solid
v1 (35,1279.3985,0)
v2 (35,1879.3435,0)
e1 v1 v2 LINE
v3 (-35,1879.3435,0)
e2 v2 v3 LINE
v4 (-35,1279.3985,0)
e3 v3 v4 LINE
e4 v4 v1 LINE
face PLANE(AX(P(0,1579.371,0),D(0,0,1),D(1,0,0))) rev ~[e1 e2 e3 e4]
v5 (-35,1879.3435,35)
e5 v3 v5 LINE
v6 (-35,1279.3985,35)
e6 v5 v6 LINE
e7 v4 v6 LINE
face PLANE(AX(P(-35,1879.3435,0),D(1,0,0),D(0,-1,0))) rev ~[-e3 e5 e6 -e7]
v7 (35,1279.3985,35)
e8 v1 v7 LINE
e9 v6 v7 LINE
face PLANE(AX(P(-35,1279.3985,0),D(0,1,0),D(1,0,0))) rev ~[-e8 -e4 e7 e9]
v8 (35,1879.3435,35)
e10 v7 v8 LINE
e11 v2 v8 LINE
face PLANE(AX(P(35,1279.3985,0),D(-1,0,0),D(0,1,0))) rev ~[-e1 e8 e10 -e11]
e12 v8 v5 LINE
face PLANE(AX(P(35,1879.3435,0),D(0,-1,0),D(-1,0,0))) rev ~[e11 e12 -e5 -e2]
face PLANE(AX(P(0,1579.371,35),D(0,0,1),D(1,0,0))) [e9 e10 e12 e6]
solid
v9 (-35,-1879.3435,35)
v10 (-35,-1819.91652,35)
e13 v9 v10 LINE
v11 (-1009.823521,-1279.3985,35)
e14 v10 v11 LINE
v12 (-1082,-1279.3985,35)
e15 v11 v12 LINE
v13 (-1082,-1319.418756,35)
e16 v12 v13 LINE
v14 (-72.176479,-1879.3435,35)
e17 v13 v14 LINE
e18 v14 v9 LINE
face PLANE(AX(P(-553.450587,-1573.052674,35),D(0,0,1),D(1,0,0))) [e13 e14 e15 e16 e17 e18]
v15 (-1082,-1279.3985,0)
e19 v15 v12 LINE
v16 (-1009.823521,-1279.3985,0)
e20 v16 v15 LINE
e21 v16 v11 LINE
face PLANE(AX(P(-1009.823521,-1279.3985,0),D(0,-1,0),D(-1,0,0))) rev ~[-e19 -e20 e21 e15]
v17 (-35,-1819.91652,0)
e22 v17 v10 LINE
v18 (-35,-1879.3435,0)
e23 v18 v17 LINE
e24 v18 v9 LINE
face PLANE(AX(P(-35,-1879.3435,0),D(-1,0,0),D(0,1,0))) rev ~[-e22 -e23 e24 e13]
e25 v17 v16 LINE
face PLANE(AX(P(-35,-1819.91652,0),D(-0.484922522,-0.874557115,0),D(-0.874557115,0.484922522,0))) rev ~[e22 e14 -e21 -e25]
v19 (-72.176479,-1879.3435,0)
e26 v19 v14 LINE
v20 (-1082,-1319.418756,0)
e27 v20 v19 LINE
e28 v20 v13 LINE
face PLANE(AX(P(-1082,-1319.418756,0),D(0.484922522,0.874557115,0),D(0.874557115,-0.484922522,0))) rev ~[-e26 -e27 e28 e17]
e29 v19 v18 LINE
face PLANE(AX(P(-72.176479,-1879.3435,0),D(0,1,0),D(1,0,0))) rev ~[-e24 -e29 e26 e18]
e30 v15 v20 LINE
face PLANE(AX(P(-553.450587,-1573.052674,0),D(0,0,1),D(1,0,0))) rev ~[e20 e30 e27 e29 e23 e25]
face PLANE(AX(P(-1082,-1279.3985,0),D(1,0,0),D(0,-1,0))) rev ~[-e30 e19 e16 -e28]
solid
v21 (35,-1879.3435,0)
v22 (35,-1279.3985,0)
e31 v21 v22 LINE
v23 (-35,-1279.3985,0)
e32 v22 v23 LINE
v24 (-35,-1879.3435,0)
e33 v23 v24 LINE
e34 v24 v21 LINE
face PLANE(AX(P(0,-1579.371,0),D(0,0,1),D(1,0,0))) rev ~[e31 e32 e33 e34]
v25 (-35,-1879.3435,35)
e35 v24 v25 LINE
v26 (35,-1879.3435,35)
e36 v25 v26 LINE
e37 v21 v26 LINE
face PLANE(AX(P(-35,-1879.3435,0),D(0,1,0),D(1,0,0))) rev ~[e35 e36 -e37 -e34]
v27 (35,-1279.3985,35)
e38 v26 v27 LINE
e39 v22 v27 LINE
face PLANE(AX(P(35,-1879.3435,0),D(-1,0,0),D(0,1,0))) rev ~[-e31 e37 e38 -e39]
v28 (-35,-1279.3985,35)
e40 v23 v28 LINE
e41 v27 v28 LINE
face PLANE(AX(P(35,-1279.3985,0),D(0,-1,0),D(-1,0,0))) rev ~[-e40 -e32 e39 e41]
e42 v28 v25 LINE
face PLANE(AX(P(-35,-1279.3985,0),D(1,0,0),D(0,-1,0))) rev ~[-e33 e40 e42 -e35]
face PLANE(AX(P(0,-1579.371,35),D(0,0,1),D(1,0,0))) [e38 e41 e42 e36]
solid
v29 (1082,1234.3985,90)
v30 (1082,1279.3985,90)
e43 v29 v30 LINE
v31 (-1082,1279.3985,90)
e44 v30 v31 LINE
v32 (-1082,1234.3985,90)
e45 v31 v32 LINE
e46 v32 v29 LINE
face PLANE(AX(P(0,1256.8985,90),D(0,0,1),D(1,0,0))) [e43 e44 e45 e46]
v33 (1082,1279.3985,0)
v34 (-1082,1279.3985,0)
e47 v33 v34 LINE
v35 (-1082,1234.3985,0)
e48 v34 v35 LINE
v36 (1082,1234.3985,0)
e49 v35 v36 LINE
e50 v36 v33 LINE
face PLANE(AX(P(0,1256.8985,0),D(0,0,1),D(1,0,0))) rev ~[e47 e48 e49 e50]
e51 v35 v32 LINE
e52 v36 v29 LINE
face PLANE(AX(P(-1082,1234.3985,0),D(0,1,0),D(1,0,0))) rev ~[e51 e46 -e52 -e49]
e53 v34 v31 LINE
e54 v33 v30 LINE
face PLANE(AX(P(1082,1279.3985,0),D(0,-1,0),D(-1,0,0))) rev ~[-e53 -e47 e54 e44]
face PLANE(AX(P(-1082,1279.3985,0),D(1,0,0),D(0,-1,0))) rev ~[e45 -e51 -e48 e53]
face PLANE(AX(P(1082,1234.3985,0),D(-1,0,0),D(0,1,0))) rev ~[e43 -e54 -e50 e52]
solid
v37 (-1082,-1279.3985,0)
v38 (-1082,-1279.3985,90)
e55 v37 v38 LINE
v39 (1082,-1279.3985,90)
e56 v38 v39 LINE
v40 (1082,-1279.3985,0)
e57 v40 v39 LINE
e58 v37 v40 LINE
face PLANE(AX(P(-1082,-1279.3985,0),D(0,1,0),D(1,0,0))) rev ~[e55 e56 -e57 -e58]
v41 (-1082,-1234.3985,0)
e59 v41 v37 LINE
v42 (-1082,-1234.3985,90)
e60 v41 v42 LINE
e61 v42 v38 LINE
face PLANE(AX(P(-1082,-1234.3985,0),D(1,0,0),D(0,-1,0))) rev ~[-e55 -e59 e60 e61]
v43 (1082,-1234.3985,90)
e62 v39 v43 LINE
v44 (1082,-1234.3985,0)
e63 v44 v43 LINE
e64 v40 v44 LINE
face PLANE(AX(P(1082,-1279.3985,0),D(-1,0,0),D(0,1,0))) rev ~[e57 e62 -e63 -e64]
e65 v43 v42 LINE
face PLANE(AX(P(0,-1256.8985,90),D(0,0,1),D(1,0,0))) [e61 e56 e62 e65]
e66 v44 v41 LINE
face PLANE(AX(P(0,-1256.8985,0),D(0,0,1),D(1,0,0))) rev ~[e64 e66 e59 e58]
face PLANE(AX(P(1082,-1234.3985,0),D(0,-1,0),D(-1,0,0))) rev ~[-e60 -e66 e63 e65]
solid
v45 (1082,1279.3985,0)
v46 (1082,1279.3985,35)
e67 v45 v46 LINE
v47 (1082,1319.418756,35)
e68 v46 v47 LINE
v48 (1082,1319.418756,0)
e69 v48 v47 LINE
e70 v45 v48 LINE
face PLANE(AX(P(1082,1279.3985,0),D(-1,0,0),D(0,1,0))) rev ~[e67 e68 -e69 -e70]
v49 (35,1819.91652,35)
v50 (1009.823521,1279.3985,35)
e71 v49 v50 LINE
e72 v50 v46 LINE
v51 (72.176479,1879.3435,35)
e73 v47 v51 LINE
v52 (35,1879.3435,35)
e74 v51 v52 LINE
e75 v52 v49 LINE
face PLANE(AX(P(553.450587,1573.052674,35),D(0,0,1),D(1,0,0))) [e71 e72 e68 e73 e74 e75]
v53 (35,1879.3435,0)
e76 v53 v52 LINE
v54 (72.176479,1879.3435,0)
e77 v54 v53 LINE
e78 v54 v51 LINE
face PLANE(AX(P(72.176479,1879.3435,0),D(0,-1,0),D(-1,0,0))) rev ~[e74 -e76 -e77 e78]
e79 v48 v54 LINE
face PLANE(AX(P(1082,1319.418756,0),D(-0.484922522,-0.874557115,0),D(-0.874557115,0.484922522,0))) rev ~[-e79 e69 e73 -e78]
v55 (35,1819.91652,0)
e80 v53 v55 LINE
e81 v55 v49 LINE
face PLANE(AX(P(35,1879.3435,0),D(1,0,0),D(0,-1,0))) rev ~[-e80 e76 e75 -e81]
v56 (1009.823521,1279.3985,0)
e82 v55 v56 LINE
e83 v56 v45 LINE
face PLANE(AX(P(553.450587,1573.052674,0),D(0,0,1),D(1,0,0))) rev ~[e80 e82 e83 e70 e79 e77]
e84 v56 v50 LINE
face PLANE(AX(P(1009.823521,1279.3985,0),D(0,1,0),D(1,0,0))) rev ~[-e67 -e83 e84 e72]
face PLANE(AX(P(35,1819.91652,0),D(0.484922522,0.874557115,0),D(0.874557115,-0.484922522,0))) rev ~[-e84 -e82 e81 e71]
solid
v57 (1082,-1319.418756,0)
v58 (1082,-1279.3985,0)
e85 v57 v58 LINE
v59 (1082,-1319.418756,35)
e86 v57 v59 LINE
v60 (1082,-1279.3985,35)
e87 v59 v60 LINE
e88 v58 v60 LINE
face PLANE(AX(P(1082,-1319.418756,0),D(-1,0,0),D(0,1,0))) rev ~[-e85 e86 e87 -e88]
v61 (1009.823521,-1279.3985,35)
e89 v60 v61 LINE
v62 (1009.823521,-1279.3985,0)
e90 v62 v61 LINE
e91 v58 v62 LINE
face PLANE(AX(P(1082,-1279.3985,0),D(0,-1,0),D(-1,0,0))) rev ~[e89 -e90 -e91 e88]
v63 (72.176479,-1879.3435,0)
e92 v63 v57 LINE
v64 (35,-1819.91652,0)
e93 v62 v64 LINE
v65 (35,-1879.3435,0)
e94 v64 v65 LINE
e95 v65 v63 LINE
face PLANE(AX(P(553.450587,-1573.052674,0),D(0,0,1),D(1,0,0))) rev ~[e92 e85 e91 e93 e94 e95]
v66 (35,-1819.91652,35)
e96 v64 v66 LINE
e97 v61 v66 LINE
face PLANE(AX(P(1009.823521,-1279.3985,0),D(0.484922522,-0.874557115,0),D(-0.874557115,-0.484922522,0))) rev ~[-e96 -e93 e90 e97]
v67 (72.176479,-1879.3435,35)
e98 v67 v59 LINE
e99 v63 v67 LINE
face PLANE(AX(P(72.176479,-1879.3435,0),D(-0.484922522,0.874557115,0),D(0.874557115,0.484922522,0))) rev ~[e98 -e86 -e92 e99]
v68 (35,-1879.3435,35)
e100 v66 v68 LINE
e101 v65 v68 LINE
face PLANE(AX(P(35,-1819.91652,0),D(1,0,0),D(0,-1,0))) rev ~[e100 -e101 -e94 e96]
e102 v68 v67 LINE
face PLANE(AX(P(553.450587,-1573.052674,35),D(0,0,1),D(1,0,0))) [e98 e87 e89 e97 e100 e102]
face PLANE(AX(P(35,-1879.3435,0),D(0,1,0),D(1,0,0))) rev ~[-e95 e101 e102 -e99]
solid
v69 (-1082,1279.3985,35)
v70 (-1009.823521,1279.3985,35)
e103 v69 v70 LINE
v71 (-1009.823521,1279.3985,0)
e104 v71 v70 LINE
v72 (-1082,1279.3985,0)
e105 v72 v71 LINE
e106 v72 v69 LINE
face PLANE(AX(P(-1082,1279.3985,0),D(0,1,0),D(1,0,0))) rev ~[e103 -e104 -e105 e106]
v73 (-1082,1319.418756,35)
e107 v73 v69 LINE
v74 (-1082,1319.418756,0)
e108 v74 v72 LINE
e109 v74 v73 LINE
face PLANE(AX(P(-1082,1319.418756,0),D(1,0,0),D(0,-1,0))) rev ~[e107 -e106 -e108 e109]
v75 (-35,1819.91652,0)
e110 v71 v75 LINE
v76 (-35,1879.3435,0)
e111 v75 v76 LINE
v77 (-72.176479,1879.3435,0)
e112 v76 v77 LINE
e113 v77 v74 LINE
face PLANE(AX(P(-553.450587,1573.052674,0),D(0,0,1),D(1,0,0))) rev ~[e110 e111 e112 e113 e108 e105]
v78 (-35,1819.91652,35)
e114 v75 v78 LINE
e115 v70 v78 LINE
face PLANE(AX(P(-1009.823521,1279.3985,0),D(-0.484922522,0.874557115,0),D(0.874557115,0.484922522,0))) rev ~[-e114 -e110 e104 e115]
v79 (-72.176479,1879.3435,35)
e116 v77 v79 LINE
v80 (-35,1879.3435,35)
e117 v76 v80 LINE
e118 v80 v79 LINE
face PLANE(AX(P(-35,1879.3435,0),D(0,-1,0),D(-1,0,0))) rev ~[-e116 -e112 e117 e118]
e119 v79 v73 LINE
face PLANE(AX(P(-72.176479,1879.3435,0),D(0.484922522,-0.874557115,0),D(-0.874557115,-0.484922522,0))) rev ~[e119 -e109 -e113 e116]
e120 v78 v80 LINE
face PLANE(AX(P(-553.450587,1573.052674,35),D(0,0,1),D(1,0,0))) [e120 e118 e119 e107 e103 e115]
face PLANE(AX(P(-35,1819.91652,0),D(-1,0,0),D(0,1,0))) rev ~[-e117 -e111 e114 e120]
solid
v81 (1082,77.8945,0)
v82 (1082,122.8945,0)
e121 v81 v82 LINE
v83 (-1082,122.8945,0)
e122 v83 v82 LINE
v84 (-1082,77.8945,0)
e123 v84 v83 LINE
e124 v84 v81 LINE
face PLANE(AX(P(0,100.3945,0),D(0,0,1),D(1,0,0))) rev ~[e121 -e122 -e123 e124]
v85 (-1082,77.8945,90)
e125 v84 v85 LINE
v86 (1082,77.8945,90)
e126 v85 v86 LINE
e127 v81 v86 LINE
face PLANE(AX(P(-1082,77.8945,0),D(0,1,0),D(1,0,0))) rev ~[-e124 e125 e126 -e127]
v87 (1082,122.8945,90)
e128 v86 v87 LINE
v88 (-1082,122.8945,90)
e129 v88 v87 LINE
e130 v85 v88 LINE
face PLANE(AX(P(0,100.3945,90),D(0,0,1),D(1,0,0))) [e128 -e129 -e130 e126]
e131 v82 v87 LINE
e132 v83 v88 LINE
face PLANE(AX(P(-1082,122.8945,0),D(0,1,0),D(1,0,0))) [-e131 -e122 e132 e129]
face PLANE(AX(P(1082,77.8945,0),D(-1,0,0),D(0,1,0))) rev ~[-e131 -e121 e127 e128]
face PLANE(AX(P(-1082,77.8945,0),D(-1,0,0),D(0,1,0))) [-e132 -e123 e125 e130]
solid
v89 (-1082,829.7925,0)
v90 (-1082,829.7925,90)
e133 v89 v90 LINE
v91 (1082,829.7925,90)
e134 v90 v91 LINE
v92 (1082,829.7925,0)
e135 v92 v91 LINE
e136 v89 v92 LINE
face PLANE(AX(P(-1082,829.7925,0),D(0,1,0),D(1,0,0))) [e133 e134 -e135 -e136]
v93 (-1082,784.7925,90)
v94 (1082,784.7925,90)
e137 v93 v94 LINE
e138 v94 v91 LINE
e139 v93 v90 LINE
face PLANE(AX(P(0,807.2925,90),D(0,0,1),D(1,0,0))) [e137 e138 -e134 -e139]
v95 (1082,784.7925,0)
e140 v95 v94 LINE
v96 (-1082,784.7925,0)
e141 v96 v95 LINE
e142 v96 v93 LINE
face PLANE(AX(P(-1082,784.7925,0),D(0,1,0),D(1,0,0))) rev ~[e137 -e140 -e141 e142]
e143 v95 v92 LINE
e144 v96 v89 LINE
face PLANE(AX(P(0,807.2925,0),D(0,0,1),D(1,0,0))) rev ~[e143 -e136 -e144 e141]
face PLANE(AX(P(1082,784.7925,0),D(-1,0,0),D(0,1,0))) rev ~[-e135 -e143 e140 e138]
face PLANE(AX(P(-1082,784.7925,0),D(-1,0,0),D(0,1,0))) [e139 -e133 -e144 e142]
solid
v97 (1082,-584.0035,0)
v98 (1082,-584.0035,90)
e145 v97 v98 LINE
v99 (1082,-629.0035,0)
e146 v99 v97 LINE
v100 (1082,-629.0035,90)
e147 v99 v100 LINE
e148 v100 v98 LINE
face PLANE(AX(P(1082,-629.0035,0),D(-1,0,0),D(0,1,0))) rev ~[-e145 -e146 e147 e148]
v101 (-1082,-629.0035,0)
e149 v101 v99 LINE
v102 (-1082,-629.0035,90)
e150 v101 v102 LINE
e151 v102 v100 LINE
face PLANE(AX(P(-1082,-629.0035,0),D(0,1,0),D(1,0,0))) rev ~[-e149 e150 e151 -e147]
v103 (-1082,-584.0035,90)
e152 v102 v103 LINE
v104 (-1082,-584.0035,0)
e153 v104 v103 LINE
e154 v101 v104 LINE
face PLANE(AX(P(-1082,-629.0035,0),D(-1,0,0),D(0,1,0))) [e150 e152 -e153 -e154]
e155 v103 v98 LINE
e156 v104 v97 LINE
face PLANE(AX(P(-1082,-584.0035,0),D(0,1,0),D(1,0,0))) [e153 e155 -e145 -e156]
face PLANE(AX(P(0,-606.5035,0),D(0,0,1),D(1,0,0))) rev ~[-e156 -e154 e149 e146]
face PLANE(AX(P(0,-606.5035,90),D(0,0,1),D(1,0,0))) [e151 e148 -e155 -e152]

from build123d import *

# Parameters (mm, degrees)
F0_W     = 2164
F0_H     = 45
F1_DEPTH = 90
F2_DEPTH = 35
F3_DEPTH = 35


with BuildPart() as f1:
    # F0 (on Top) → F1 (new body)
    with BuildSketch(Plane.XY):
        Polygon((-1009.823521, 1279.3985), (-1082, 1279.3985), (-1082, 1234.3985), (1082, 1234.3985), (1082, 1279.3985), (1009.823521, 1279.3985), (35, 1279.3985), (-35, 1279.3985), align=None)
        with Locations((0, 807.2925)):
            Rectangle(F0_W, F0_H)
        with Locations((0, 100.3945)):
            Rectangle(F0_W, F0_H)
        with Locations((0, -606.5035)):
            Rectangle(F0_W, F0_H)
        Polygon((1082, -1234.3985), (-1082, -1234.3985), (-1082, -1279.3985), (-1009.823521, -1279.3985), (-35, -1279.3985), (35, -1279.3985), (1009.823521, -1279.3985), (1082, -1279.3985), align=None)
    extrude(amount=F1_DEPTH)


with BuildPart() as f2:
    # F0 (on Top) → F2 (new body)
    with BuildSketch(Plane.XY):
        Polygon((-1082, 1319.418756), (-1082, 1279.3985), (-1009.823521, 1279.3985), (-35, 1819.91652), (-35, 1879.3435), (-72.176479, 1879.3435), align=None)
        Polygon((1009.823521, 1279.3985), (1082, 1279.3985), (1082, 1319.418756), (72.176479, 1879.3435), (35, 1879.3435), (35, 1819.91652), align=None)
        Polygon((-1009.823521, -1279.3985), (-1082, -1279.3985), (-1082, -1319.418756), (-72.176479, -1879.3435), (-35, -1879.3435), (-35, -1819.91652), align=None)
        Polygon((1082, -1319.418756), (1082, -1279.3985), (1009.823521, -1279.3985), (35, -1819.91652), (35, -1879.3435), (72.176479, -1879.3435), align=None)
    extrude(amount=F2_DEPTH)


with BuildPart() as f3:
    # F0 (on Top) → F3 (new body)
    with BuildSketch(Plane.XY):
        Polygon((-35, 1819.91652), (-35, 1279.3985), (35, 1279.3985), (35, 1819.91652), (35, 1879.3435), (-35, 1879.3435), align=None)
        Polygon((35, -1279.3985), (-35, -1279.3985), (-35, -1819.91652), (-35, -1879.3435), (35, -1879.3435), (35, -1819.91652), align=None)
    extrude(amount=F3_DEPTH)


solid = Compound([f1.part, f2.part, f3.part])
